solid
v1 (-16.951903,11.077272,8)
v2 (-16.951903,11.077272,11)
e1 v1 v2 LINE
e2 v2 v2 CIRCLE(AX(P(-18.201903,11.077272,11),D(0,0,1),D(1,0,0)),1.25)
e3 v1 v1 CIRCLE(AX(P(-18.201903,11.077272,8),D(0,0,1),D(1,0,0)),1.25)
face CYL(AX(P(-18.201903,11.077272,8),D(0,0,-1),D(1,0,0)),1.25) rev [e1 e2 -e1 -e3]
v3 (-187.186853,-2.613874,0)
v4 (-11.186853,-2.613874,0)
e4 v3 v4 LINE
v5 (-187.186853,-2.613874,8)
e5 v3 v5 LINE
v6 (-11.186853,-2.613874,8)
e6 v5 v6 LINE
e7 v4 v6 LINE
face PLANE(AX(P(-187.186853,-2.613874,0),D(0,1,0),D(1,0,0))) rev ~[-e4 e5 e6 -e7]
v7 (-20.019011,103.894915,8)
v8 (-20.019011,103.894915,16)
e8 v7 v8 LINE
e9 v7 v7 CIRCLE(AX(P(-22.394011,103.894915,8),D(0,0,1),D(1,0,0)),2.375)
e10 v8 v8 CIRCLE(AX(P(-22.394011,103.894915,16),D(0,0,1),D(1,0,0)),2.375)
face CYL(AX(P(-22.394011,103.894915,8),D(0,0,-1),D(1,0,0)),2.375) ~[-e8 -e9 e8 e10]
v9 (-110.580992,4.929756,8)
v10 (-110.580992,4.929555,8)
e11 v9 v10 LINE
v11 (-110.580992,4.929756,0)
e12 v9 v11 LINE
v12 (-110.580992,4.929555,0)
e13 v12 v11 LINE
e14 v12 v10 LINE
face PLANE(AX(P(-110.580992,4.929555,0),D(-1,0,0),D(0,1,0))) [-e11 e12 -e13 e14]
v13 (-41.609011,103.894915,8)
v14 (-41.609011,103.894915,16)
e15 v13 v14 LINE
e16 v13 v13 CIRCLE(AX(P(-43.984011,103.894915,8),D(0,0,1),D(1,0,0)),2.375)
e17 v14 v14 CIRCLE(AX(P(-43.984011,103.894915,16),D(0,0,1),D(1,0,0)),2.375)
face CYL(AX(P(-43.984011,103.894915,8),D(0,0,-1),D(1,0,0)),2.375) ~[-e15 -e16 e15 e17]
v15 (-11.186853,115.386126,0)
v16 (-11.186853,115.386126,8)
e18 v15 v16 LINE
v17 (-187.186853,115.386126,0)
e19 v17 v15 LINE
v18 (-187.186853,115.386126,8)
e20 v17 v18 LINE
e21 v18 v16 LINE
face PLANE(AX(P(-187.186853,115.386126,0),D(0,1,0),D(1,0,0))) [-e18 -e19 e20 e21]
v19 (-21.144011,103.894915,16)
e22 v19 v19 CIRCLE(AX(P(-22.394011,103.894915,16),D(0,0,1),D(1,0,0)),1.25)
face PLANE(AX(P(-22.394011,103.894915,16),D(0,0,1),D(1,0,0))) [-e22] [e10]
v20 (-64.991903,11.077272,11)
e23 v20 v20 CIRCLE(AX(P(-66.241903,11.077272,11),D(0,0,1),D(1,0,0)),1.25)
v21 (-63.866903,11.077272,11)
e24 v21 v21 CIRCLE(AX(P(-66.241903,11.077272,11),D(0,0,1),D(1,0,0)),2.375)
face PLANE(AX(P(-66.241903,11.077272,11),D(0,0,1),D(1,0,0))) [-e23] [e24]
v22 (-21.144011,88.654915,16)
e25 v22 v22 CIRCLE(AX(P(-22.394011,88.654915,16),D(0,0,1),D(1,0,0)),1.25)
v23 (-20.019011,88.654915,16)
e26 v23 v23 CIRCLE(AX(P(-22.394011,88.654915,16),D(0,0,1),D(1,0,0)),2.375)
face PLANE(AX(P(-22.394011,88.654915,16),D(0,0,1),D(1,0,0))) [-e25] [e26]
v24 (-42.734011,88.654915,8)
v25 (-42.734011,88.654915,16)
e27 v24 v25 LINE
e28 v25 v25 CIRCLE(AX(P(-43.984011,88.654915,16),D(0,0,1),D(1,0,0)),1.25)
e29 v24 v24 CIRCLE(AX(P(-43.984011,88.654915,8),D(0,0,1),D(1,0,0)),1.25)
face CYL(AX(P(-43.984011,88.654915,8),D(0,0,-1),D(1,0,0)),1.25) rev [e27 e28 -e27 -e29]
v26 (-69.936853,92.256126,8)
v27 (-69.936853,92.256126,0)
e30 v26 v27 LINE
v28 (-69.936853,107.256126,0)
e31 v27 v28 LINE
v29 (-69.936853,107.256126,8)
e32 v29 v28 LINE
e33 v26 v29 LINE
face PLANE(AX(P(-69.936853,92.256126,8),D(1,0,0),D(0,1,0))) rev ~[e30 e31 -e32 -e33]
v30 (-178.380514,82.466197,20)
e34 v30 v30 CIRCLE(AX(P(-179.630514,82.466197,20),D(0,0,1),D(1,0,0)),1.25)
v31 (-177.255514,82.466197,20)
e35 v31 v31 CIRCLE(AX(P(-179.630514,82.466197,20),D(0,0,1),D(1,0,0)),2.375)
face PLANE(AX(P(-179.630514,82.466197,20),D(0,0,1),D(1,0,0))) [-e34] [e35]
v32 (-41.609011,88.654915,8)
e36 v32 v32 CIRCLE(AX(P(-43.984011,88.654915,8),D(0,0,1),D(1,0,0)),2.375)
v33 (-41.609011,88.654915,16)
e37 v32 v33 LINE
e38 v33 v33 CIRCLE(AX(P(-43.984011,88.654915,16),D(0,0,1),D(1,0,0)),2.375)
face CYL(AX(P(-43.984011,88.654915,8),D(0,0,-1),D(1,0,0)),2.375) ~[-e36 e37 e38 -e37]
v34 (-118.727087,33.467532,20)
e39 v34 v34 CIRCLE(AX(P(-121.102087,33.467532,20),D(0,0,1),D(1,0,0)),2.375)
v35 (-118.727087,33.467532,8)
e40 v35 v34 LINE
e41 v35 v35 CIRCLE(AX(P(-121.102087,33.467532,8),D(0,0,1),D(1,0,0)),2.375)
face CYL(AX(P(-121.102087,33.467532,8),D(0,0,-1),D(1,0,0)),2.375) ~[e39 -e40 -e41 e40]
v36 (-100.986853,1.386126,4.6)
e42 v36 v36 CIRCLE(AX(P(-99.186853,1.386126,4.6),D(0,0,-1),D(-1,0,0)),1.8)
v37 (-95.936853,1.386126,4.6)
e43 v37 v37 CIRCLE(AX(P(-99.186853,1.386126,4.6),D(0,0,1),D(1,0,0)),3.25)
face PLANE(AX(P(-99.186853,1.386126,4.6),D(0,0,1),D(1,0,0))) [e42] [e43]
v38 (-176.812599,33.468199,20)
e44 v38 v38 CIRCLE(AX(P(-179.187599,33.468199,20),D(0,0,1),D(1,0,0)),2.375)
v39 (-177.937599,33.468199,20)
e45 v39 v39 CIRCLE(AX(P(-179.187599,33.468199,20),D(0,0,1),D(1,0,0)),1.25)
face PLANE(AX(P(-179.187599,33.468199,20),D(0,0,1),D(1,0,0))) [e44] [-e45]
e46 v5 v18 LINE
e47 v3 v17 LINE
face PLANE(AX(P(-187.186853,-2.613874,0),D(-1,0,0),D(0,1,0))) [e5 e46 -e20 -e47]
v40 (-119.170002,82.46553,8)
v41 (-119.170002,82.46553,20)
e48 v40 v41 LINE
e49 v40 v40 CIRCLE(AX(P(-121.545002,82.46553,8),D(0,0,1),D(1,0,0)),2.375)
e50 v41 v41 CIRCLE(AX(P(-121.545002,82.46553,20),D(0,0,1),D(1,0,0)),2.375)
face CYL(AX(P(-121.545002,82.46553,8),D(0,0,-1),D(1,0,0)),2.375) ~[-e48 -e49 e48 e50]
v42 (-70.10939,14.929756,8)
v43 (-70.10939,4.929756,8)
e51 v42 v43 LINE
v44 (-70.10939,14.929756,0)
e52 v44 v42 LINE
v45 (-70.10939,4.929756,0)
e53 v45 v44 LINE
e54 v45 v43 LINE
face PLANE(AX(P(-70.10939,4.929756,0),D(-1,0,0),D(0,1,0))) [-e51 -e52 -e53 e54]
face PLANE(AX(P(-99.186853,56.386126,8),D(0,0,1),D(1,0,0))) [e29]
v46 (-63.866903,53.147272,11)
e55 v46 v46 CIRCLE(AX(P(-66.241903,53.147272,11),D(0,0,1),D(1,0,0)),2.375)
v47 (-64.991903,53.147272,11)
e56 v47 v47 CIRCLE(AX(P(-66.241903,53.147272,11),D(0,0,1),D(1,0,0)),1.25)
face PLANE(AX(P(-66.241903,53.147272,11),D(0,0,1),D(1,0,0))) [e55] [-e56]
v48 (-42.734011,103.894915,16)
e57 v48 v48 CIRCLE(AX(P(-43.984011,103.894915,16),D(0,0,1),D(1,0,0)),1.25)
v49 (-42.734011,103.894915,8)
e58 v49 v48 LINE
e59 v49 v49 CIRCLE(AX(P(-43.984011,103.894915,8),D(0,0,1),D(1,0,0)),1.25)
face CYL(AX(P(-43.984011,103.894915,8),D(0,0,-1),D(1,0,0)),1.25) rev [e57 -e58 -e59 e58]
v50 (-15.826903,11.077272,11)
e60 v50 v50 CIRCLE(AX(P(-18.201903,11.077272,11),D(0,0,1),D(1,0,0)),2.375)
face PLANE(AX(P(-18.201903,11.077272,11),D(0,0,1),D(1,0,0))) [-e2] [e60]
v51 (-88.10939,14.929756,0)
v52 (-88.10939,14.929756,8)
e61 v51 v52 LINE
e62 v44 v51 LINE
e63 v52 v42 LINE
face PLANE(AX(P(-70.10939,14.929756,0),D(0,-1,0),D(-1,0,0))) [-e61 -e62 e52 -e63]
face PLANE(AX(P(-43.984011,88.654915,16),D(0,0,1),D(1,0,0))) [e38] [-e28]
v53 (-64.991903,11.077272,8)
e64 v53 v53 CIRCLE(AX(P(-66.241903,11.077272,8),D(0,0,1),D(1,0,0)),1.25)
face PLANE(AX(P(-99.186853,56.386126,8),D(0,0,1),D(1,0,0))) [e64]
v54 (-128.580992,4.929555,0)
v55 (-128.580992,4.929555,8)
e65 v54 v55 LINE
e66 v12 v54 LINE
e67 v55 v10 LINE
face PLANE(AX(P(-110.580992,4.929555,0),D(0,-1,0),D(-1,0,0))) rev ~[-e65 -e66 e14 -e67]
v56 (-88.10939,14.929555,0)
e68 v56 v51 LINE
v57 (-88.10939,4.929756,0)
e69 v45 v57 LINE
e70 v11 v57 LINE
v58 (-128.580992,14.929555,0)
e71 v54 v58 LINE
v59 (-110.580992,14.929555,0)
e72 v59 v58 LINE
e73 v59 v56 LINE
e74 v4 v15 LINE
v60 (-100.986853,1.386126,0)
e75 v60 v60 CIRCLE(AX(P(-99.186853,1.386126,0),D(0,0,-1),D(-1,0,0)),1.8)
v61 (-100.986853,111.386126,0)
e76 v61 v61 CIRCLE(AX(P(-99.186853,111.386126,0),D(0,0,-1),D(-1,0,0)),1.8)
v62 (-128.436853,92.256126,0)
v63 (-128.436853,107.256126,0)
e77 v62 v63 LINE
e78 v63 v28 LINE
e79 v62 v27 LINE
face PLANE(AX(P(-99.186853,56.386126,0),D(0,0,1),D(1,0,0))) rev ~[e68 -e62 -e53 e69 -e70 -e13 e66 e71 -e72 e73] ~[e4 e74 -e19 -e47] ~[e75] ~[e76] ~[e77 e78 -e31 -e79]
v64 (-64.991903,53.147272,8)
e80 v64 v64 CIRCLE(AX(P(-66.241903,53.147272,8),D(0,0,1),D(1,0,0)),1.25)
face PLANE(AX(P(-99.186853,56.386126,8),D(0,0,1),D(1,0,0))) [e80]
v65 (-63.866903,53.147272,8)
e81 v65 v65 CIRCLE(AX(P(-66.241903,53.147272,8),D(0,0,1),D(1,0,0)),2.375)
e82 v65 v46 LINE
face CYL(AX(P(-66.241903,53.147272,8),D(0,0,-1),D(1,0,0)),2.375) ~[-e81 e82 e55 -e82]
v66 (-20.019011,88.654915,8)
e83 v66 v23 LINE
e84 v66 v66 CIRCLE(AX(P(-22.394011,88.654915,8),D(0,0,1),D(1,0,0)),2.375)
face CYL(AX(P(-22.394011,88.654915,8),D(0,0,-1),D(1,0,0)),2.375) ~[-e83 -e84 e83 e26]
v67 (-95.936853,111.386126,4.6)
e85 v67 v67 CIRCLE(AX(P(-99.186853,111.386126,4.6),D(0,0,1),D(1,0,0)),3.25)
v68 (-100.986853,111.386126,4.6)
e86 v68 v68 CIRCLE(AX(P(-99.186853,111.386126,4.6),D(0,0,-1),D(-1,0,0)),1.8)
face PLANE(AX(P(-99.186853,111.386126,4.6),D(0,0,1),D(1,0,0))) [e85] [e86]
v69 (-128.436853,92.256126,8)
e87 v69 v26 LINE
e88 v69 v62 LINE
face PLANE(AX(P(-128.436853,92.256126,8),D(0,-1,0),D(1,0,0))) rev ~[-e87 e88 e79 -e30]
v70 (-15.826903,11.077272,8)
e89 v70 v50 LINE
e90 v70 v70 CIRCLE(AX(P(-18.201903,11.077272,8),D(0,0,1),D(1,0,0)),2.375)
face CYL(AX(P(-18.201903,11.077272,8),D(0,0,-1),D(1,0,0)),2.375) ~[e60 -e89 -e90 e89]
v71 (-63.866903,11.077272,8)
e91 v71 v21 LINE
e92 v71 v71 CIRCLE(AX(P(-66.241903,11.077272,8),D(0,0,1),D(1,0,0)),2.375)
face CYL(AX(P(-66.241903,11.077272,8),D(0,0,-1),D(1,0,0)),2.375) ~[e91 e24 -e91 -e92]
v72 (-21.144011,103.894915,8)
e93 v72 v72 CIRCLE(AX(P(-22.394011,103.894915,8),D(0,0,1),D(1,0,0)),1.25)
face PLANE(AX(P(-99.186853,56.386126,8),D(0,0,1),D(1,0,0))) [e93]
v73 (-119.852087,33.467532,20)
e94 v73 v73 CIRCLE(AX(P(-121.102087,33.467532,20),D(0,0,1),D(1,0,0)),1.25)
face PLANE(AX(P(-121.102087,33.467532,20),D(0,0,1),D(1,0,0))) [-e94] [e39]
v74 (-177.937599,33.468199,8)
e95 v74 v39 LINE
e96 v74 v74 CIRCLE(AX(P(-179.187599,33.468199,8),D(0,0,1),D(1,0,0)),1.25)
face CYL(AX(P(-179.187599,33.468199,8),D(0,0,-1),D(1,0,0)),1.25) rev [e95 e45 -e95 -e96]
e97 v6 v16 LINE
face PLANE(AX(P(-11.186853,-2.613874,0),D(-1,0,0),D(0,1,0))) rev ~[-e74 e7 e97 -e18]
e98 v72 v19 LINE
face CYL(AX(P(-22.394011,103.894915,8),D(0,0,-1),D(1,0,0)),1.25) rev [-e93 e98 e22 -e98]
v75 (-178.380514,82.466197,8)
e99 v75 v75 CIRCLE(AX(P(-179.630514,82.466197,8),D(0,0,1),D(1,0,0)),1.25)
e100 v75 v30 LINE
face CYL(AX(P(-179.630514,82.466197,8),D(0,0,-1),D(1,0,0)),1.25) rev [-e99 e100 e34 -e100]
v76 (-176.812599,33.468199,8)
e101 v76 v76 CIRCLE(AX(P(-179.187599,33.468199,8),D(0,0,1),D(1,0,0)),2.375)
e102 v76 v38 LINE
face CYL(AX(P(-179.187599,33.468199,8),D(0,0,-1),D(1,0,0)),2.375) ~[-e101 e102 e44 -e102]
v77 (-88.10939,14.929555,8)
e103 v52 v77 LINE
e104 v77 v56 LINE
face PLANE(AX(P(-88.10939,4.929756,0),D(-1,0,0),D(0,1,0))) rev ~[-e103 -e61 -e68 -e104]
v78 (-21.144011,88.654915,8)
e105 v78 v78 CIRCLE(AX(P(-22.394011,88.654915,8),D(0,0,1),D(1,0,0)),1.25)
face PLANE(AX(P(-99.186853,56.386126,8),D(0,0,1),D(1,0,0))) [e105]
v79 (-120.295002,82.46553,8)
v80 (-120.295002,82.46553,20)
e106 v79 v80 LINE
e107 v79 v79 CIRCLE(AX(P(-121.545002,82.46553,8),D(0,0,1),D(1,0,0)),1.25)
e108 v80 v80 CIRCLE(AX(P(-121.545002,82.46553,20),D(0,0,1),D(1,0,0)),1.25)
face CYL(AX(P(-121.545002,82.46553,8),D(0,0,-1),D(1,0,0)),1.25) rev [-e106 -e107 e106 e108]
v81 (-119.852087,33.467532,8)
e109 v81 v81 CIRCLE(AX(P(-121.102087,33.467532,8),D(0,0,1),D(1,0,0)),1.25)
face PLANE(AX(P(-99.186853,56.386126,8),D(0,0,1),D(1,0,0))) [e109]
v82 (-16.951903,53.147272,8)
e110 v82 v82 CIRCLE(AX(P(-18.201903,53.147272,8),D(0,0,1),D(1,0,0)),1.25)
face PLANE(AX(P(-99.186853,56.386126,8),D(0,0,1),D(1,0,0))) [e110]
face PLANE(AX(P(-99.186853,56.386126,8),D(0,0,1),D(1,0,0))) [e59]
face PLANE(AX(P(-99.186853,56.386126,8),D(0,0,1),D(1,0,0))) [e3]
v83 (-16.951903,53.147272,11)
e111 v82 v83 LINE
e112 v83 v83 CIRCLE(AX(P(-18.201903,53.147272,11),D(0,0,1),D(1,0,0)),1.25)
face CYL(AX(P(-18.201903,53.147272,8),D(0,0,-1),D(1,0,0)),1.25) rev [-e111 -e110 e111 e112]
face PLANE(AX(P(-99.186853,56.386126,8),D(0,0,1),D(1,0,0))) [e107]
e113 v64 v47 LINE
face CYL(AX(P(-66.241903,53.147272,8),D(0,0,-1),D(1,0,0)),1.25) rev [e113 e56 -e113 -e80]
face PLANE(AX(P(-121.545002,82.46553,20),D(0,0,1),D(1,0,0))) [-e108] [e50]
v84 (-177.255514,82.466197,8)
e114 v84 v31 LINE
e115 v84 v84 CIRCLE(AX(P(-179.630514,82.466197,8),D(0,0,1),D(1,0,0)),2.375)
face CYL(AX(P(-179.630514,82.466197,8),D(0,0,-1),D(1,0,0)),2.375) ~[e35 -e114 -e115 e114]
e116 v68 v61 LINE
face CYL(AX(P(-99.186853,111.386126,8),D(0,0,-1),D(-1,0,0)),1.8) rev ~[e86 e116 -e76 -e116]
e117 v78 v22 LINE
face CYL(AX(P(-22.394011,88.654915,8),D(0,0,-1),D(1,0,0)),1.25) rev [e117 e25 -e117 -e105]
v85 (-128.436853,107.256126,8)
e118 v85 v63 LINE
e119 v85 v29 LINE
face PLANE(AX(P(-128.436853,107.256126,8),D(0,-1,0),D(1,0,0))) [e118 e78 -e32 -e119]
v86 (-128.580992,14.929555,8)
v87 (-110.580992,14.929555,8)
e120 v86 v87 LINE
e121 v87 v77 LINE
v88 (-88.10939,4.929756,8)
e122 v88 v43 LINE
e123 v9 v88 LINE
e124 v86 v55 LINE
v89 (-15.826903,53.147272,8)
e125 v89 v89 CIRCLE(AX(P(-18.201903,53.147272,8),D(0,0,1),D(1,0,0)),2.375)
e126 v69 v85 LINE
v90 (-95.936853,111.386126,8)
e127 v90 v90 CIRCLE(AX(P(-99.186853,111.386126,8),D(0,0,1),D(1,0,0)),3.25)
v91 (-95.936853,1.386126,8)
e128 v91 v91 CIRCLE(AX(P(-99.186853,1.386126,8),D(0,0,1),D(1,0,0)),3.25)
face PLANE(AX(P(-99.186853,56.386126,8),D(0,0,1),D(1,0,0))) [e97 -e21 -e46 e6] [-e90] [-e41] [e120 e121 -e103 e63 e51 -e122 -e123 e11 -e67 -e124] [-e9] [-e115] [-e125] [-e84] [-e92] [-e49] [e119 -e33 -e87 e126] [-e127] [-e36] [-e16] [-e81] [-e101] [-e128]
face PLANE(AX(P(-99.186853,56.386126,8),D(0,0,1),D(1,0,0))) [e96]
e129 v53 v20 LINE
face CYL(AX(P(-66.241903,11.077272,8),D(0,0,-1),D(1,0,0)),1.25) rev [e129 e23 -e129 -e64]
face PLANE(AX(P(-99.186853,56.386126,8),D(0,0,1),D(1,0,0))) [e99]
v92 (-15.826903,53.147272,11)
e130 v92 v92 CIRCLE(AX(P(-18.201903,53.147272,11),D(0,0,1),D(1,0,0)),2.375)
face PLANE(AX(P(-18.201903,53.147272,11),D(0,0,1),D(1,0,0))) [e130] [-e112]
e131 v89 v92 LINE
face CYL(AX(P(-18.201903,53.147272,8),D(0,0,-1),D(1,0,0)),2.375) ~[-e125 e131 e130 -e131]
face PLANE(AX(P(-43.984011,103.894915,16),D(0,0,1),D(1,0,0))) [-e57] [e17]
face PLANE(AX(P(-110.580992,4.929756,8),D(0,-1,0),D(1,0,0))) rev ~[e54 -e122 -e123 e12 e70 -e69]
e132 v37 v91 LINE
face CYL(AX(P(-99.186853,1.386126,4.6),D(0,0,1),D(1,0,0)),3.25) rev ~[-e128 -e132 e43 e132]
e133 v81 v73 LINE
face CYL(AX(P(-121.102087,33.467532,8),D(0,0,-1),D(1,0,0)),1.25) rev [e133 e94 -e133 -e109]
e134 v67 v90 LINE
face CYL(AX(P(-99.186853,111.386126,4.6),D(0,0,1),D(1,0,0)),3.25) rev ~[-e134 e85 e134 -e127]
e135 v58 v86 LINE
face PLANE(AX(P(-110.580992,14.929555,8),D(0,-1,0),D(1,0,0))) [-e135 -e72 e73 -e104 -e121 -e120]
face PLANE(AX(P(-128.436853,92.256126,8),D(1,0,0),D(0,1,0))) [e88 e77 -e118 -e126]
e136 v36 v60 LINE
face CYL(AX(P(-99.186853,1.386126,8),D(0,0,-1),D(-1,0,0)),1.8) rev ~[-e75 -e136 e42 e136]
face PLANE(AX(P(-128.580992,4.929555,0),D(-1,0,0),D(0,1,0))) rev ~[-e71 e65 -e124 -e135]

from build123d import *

# Parameters (mm, degrees)
ESQUISSE1_W                                       = 176
ESQUISSE1_H                                       = 118
BOSS_EXTRU_1_DEPTH                                = 8
ESQUISSE5_R                                       = 2.375000003
ESQUISSE5_R_2                                     = 1.250000003
ESQUISSE5_R_3                                     = 2.375
BOSS_EXTRU_2_DEPTH                                = 8
ESQUISSE6_R                                       = 2.375
ESQUISSE6_R_2                                     = 1.25
BOSS_EXTRU_3_DEPTH                                = 12
ESQUISSE8_R                                       = 2.375
ESQUISSE8_R_2                                     = 1.25
BOSS_EXTRU_4_DEPTH                                = 3
ESQUISSE16_W                                      = 18
ESQUISSE16_H                                      = 10
ENL_V_MAT_EXTRU_10_DEPTH                          = 221.800534301
ESQUISSE25_W                                      = 58.5
ESQUISSE25_H                                      = 15
ENL_V_MAT_EXTRU_17_DEPTH                          = 221.220062546
CHAMBRAGE_POUR_VIS_SIX_PANS_CREUX_M31_D           = 3.6
CHAMBRAGE_POUR_VIS_SIX_PANS_CREUX_M31_CBORE_D     = 6.5
CHAMBRAGE_POUR_VIS_SIX_PANS_CREUX_M31_CBORE_DEPTH = 3.4
SKETCH1_W                                         = 22.471601592
SKETCH1_H                                         = 9.999798569
CUT_EXTRUDE2_DEPTH                                = 10


with BuildPart() as part:
    # Esquisse1 → Boss.-Extru.1 (new body)
    with BuildSketch(Plane.XY):
        with Locations((-99.186852624, 56.386126343)):
            Rectangle(ESQUISSE1_W, ESQUISSE1_H)
    extrude(amount=BOSS_EXTRU_1_DEPTH)

    # Esquisse5 → Boss.-Extru.2 (add)
    # profile 1 of 4: a face of its own
    with BuildSketch(Plane.XY.offset(8)):
        with Locations((-22.394011126, 103.894915048)):
            Circle(ESQUISSE5_R)
        with Locations((-22.394011126, 103.894915048)):
            Circle(ESQUISSE5_R_2, mode=Mode.SUBTRACT)
    # profile 2 of 4: a face of its own
    with BuildSketch(Plane.XY.offset(8)):
        with Locations((-43.984011126, 88.654915048)):
            Circle(ESQUISSE5_R_3)
        with Locations((-43.984011126, 88.654915048)):
            Circle(ESQUISSE5_R_2, mode=Mode.SUBTRACT)
    # profile 3 of 4: a face of its own
    with BuildSketch(Plane.XY.offset(8)):
        with Locations((-43.984011126, 103.894915048)):
            Circle(ESQUISSE5_R_3)
        with Locations((-43.984011126, 103.894915048)):
            Circle(ESQUISSE5_R_2, mode=Mode.SUBTRACT)
    # profile 4 of 4: a face of its own
    with BuildSketch(Plane.XY.offset(8)):
        with Locations((-22.394011126, 88.654915048)):
            Circle(ESQUISSE5_R_3)
        with Locations((-22.394011126, 88.654915048)):
            Circle(ESQUISSE5_R_2, mode=Mode.SUBTRACT)
    extrude(amount=BOSS_EXTRU_2_DEPTH)

    # Esquisse6 → Boss.-Extru.3 (add)
    # profile 1 of 4: a face of its own
    with BuildSketch(Plane.XY.offset(8)):
        with Locations((-179.187599449, 33.468198675)):
            Circle(ESQUISSE6_R)
        with Locations((-179.187599449, 33.468198675)):
            Circle(ESQUISSE6_R_2, mode=Mode.SUBTRACT)
    # profile 2 of 4: a face of its own
    with BuildSketch(Plane.XY.offset(8)):
        with Locations((-121.10208697, 33.467532232)):
            Circle(ESQUISSE6_R)
        with Locations((-121.10208697, 33.467532232)):
            Circle(ESQUISSE6_R_2, mode=Mode.SUBTRACT)
    # profile 3 of 4: a face of its own
    with BuildSketch(Plane.XY.offset(8)):
        with Locations((-179.630514203, 82.466196864)):
            Circle(ESQUISSE6_R)
        with Locations((-179.630514203, 82.466196864)):
            Circle(ESQUISSE6_R_2, mode=Mode.SUBTRACT)
    # profile 4 of 4: a face of its own
    with BuildSketch(Plane.XY.offset(8)):
        with Locations((-121.545001725, 82.465530421)):
            Circle(ESQUISSE6_R)
        with Locations((-121.545001725, 82.465530421)):
            Circle(ESQUISSE6_R_2, mode=Mode.SUBTRACT)
    extrude(amount=BOSS_EXTRU_3_DEPTH)

    # Esquisse8 → Boss.-Extru.4 (add)
    # profile 1 of 4: a face of its own
    with BuildSketch(Plane.XY.offset(8)):
        with Locations((-18.201902813, 11.077271698)):
            Circle(ESQUISSE8_R)
        with Locations((-18.201902813, 11.077271698)):
            Circle(ESQUISSE8_R_2, mode=Mode.SUBTRACT)
    # profile 2 of 4: a face of its own
    with BuildSketch(Plane.XY.offset(8)):
        with Locations((-66.241902813, 11.077271698)):
            Circle(ESQUISSE8_R)
        with Locations((-66.241902813, 11.077271698)):
            Circle(ESQUISSE8_R_2, mode=Mode.SUBTRACT)
    # profile 3 of 4: a face of its own
    with BuildSketch(Plane.XY.offset(8)):
        with Locations((-66.241902813, 53.147271698)):
            Circle(ESQUISSE8_R)
        with Locations((-66.241902813, 53.147271698)):
            Circle(ESQUISSE8_R_2, mode=Mode.SUBTRACT)
    # profile 4 of 4: a face of its own
    with BuildSketch(Plane.XY.offset(8)):
        with Locations((-18.201902813, 53.147271698)):
            Circle(ESQUISSE8_R)
        with Locations((-18.201902813, 53.147271698)):
            Circle(ESQUISSE8_R_2, mode=Mode.SUBTRACT)
    extrude(amount=BOSS_EXTRU_4_DEPTH)

    # Esquisse16 → Enlèv. mat.-Extru.10 (cut, through all)
    with BuildSketch(Plane(origin=(0, 0, 0), x_dir=(-1, 0, 0), z_dir=(0, 0, -1))):
        with Locations((79.109390261, 9.929756241)):
            Rectangle(ESQUISSE16_W, ESQUISSE16_H)
        with Locations((119.580991853, 9.92955481)):
            Rectangle(ESQUISSE16_W, ESQUISSE16_H)
    extrude(amount=-ENL_V_MAT_EXTRU_10_DEPTH, mode=Mode.SUBTRACT)

    # Esquisse25 → Enlèv. mat.-Extru.17 (cut, through all)
    with BuildSketch(Plane.XY.offset(8)):
        with Locations((-99.186852624, 99.756126343)):
            Rectangle(ESQUISSE25_W, ESQUISSE25_H)
    extrude(amount=-ENL_V_MAT_EXTRU_17_DEPTH, mode=Mode.SUBTRACT)

    # Chambrage pour vis à six pans creux M31 (through all)
    with Locations(Plane.XY.offset(8)):
        with Locations((-99.186852624, 111.386126343), (-99.186852624, 1.386126343)):
            CounterBoreHole(CHAMBRAGE_POUR_VIS_SIX_PANS_CREUX_M31_D / 2, CHAMBRAGE_POUR_VIS_SIX_PANS_CREUX_M31_CBORE_D / 2, CHAMBRAGE_POUR_VIS_SIX_PANS_CREUX_M31_CBORE_DEPTH)

    # Sketch1 → Cut-Extrude2 (cut)
    with BuildSketch(Plane.XY.offset(8)):
        with Locations((-99.345191057, 9.929655526)):
            Rectangle(SKETCH1_W, SKETCH1_H)
    extrude(amount=-CUT_EXTRUDE2_DEPTH, mode=Mode.SUBTRACT)


solid = part.part
